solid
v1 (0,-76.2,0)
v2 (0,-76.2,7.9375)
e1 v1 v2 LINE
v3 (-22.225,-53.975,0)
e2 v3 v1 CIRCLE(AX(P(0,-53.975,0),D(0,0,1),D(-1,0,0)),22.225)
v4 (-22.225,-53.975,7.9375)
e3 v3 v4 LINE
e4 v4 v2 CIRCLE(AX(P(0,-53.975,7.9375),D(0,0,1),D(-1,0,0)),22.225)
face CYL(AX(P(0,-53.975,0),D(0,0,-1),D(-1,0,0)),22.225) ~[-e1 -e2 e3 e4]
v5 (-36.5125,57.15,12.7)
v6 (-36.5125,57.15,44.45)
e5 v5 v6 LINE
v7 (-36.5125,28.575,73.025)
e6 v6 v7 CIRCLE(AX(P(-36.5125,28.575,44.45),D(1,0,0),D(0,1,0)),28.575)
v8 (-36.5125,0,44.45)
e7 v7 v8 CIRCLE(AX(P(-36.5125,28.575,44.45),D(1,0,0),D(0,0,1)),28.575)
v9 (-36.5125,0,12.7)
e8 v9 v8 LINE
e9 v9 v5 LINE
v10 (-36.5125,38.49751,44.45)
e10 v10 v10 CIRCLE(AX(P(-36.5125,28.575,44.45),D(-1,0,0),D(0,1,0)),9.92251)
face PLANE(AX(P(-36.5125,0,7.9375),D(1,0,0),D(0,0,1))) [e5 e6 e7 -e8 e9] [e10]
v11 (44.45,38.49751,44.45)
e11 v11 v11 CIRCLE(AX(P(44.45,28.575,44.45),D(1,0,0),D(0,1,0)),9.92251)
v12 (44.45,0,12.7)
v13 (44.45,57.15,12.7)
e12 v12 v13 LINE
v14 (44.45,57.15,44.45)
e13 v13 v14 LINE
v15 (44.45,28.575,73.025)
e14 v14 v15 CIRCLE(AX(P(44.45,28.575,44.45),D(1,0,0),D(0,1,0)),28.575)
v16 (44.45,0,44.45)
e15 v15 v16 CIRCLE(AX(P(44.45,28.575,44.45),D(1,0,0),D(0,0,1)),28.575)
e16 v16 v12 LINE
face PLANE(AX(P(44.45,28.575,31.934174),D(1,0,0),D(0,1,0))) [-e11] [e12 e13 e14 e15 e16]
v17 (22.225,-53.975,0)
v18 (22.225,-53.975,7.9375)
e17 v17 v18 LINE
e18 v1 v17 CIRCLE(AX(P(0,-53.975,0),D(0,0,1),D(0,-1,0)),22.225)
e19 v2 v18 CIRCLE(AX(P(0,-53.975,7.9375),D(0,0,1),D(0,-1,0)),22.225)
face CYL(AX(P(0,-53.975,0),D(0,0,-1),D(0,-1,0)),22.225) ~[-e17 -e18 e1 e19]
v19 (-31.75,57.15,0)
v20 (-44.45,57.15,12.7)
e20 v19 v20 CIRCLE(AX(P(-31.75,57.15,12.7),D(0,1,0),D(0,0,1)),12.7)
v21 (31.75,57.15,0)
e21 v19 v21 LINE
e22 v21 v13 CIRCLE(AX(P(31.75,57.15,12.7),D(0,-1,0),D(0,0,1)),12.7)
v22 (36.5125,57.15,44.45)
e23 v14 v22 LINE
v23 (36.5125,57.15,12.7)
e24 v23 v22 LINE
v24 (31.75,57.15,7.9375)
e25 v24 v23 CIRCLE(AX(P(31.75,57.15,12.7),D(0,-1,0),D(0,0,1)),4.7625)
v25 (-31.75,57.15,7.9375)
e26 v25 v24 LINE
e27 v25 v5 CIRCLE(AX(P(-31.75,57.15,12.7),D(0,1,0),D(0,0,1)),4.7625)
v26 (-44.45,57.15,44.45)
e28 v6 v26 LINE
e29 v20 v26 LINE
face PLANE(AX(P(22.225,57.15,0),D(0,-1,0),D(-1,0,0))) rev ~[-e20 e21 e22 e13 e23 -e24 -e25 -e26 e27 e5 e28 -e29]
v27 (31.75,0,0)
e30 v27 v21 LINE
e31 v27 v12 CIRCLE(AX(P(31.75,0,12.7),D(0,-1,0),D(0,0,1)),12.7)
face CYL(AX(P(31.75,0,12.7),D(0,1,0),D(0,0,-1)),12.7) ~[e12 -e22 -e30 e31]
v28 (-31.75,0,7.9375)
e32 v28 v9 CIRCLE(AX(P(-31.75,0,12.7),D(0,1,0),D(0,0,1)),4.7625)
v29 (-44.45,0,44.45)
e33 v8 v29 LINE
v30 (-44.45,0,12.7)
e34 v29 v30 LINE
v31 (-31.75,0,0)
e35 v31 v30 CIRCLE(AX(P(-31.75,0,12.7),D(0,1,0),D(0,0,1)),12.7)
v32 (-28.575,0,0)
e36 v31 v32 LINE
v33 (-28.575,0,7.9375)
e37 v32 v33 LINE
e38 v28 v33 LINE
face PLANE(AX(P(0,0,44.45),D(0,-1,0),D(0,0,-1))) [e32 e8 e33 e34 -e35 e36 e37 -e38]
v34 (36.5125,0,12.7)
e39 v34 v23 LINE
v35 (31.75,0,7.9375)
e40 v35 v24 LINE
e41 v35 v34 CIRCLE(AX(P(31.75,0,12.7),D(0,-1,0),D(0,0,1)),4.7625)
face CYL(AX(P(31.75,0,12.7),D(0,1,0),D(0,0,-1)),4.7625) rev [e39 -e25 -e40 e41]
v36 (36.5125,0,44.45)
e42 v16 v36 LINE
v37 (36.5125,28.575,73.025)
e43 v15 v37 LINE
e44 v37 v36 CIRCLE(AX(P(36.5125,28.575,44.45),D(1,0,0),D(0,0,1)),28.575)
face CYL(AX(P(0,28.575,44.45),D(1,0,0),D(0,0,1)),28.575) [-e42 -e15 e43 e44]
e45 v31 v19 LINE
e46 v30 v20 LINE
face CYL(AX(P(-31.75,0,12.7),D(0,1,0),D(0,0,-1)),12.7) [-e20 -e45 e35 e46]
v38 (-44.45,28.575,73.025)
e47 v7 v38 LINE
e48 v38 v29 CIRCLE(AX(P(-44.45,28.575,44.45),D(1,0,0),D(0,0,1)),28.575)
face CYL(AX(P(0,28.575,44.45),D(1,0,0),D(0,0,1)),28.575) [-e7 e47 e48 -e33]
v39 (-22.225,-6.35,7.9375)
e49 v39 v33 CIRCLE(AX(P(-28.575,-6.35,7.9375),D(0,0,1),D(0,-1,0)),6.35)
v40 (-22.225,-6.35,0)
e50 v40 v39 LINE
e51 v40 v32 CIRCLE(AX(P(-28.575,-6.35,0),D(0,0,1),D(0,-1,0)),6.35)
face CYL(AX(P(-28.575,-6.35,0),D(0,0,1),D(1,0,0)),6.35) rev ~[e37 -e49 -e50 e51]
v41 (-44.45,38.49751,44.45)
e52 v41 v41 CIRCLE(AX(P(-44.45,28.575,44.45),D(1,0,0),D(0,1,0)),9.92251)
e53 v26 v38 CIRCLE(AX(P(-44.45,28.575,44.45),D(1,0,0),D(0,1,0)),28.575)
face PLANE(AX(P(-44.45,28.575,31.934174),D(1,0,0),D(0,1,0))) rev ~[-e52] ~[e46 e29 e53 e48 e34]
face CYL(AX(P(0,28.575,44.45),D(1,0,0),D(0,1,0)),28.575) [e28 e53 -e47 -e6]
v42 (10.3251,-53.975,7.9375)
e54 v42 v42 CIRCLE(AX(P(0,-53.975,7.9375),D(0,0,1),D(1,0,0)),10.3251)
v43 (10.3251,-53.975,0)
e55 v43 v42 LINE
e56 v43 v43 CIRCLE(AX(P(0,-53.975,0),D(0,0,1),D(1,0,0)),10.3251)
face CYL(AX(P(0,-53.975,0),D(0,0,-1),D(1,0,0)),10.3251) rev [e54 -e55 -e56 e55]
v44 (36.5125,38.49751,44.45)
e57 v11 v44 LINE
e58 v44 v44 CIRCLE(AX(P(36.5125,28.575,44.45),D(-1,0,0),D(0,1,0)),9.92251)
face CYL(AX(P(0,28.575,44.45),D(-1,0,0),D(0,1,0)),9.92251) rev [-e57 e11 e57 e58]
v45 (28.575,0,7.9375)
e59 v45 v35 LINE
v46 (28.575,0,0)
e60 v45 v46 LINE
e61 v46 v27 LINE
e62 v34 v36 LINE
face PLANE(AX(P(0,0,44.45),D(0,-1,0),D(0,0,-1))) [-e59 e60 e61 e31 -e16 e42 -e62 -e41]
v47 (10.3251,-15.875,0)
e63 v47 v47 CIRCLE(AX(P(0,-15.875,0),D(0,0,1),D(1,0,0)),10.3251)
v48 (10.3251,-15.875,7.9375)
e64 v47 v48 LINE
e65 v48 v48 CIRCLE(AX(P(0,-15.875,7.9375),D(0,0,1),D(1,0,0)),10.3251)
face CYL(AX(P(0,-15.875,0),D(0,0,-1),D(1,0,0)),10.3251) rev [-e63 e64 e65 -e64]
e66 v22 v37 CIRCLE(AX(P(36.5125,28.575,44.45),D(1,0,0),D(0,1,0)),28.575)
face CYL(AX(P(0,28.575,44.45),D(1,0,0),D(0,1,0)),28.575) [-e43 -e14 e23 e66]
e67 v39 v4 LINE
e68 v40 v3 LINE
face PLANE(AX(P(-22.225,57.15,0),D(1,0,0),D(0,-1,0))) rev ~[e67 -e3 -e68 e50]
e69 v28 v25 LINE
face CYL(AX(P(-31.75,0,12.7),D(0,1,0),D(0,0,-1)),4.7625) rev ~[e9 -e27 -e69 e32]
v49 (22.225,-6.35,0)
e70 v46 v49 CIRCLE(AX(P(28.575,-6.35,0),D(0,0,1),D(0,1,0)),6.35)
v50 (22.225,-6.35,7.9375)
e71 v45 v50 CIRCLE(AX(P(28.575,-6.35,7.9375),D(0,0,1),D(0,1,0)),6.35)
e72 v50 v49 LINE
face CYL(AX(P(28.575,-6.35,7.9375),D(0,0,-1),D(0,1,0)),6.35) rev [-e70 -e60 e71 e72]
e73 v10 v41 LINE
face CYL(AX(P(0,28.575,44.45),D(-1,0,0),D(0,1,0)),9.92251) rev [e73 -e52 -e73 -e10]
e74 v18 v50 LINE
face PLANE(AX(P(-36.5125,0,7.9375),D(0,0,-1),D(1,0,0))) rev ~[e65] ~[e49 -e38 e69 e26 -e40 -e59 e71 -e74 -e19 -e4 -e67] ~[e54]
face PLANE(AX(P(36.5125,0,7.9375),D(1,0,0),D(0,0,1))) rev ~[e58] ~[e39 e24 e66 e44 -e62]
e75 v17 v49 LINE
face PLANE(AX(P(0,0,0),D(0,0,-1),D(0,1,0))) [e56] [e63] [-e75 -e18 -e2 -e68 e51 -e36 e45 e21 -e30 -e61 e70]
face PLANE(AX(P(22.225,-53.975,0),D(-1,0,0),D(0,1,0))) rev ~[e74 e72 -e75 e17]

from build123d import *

# Parameters (mm, degrees)
F0_R     = 9.92251
F1_DEPTH = 44.45
F2_R     = 10.3251
F3_DEPTH = 7.9375
F4_W     = 73.025
F4_H     = 76.2
F5_DEPTH = 57.151
F6_R     = 6.35
F7_R     = 4.7625
F8_R     = 12.7


with BuildPart() as f1:
    # F0 (on Right) → F1 (new body, symmetric)
    with BuildSketch(Plane.YZ):
        with BuildLine():
            Line((0, 44.45), (0, 0))
            Line((0, 0), (57.15, 0))
            Line((57.15, 0), (57.15, 44.45))
            ThreePointArc((57.15, 44.45), (48.7805762724, 64.6555762724), (28.575, 73.025))
            ThreePointArc((28.575, 73.025), (8.3694237276, 64.6555762724), (0, 44.45))
        make_face()
        with Locations((28.575, 44.45)):
            Circle(F0_R, mode=Mode.SUBTRACT)
    extrude(amount=F1_DEPTH, both=True)

    # F2 (on Top) → F3 (join)
    with BuildSketch(Plane.XY):
        with BuildLine():
            Line((22.225, 57.15), (-22.225, 57.15))
            Line((-22.225, 57.15), (-22.225, -53.975))
            ThreePointArc((-22.225, -53.975), (-15.7154482119, -69.6904482119), (0, -76.2))
            ThreePointArc((0, -76.2), (15.7154482119, -69.6904482119), (22.225, -53.975))
            Line((22.225, -53.975), (22.225, 57.15))
        make_face()
        with Locations((0, -53.975)):
            Circle(F2_R, mode=Mode.SUBTRACT)
        with Locations((0, -15.875)):
            Circle(F2_R, mode=Mode.SUBTRACT)
    extrude(amount=F3_DEPTH)

    # F4 (on Front) → F5 (cut, through all)
    with BuildSketch(Plane.XZ):
        with Locations((0, 46.0375)):
            Rectangle(F4_W, F4_H)
    extrude(amount=-F5_DEPTH, mode=Mode.SUBTRACT)

    # F6
    f6_edges = [f1.edges().sort_by_distance(p)[0] for p in [
        (-22.225, 0, 3.96875),
        (22.225, 0, 3.96875),
    ]]
    fillet(f6_edges, radius=F6_R)

    # F7
    f7_edges = [f1.edges().sort_by_distance(p)[0] for p in [
        (-36.5125, 28.575, 7.9375),
        (36.5125, 28.575, 7.9375),
    ]]
    fillet(f7_edges, radius=F7_R)

    # F8
    f8_edges = [f1.edges().sort_by_distance(p)[0] for p in [
        (-44.45, 28.575, 0),
        (44.45, 28.575, 0),
    ]]
    fillet(f8_edges, radius=F8_R)


solid = f1.part
